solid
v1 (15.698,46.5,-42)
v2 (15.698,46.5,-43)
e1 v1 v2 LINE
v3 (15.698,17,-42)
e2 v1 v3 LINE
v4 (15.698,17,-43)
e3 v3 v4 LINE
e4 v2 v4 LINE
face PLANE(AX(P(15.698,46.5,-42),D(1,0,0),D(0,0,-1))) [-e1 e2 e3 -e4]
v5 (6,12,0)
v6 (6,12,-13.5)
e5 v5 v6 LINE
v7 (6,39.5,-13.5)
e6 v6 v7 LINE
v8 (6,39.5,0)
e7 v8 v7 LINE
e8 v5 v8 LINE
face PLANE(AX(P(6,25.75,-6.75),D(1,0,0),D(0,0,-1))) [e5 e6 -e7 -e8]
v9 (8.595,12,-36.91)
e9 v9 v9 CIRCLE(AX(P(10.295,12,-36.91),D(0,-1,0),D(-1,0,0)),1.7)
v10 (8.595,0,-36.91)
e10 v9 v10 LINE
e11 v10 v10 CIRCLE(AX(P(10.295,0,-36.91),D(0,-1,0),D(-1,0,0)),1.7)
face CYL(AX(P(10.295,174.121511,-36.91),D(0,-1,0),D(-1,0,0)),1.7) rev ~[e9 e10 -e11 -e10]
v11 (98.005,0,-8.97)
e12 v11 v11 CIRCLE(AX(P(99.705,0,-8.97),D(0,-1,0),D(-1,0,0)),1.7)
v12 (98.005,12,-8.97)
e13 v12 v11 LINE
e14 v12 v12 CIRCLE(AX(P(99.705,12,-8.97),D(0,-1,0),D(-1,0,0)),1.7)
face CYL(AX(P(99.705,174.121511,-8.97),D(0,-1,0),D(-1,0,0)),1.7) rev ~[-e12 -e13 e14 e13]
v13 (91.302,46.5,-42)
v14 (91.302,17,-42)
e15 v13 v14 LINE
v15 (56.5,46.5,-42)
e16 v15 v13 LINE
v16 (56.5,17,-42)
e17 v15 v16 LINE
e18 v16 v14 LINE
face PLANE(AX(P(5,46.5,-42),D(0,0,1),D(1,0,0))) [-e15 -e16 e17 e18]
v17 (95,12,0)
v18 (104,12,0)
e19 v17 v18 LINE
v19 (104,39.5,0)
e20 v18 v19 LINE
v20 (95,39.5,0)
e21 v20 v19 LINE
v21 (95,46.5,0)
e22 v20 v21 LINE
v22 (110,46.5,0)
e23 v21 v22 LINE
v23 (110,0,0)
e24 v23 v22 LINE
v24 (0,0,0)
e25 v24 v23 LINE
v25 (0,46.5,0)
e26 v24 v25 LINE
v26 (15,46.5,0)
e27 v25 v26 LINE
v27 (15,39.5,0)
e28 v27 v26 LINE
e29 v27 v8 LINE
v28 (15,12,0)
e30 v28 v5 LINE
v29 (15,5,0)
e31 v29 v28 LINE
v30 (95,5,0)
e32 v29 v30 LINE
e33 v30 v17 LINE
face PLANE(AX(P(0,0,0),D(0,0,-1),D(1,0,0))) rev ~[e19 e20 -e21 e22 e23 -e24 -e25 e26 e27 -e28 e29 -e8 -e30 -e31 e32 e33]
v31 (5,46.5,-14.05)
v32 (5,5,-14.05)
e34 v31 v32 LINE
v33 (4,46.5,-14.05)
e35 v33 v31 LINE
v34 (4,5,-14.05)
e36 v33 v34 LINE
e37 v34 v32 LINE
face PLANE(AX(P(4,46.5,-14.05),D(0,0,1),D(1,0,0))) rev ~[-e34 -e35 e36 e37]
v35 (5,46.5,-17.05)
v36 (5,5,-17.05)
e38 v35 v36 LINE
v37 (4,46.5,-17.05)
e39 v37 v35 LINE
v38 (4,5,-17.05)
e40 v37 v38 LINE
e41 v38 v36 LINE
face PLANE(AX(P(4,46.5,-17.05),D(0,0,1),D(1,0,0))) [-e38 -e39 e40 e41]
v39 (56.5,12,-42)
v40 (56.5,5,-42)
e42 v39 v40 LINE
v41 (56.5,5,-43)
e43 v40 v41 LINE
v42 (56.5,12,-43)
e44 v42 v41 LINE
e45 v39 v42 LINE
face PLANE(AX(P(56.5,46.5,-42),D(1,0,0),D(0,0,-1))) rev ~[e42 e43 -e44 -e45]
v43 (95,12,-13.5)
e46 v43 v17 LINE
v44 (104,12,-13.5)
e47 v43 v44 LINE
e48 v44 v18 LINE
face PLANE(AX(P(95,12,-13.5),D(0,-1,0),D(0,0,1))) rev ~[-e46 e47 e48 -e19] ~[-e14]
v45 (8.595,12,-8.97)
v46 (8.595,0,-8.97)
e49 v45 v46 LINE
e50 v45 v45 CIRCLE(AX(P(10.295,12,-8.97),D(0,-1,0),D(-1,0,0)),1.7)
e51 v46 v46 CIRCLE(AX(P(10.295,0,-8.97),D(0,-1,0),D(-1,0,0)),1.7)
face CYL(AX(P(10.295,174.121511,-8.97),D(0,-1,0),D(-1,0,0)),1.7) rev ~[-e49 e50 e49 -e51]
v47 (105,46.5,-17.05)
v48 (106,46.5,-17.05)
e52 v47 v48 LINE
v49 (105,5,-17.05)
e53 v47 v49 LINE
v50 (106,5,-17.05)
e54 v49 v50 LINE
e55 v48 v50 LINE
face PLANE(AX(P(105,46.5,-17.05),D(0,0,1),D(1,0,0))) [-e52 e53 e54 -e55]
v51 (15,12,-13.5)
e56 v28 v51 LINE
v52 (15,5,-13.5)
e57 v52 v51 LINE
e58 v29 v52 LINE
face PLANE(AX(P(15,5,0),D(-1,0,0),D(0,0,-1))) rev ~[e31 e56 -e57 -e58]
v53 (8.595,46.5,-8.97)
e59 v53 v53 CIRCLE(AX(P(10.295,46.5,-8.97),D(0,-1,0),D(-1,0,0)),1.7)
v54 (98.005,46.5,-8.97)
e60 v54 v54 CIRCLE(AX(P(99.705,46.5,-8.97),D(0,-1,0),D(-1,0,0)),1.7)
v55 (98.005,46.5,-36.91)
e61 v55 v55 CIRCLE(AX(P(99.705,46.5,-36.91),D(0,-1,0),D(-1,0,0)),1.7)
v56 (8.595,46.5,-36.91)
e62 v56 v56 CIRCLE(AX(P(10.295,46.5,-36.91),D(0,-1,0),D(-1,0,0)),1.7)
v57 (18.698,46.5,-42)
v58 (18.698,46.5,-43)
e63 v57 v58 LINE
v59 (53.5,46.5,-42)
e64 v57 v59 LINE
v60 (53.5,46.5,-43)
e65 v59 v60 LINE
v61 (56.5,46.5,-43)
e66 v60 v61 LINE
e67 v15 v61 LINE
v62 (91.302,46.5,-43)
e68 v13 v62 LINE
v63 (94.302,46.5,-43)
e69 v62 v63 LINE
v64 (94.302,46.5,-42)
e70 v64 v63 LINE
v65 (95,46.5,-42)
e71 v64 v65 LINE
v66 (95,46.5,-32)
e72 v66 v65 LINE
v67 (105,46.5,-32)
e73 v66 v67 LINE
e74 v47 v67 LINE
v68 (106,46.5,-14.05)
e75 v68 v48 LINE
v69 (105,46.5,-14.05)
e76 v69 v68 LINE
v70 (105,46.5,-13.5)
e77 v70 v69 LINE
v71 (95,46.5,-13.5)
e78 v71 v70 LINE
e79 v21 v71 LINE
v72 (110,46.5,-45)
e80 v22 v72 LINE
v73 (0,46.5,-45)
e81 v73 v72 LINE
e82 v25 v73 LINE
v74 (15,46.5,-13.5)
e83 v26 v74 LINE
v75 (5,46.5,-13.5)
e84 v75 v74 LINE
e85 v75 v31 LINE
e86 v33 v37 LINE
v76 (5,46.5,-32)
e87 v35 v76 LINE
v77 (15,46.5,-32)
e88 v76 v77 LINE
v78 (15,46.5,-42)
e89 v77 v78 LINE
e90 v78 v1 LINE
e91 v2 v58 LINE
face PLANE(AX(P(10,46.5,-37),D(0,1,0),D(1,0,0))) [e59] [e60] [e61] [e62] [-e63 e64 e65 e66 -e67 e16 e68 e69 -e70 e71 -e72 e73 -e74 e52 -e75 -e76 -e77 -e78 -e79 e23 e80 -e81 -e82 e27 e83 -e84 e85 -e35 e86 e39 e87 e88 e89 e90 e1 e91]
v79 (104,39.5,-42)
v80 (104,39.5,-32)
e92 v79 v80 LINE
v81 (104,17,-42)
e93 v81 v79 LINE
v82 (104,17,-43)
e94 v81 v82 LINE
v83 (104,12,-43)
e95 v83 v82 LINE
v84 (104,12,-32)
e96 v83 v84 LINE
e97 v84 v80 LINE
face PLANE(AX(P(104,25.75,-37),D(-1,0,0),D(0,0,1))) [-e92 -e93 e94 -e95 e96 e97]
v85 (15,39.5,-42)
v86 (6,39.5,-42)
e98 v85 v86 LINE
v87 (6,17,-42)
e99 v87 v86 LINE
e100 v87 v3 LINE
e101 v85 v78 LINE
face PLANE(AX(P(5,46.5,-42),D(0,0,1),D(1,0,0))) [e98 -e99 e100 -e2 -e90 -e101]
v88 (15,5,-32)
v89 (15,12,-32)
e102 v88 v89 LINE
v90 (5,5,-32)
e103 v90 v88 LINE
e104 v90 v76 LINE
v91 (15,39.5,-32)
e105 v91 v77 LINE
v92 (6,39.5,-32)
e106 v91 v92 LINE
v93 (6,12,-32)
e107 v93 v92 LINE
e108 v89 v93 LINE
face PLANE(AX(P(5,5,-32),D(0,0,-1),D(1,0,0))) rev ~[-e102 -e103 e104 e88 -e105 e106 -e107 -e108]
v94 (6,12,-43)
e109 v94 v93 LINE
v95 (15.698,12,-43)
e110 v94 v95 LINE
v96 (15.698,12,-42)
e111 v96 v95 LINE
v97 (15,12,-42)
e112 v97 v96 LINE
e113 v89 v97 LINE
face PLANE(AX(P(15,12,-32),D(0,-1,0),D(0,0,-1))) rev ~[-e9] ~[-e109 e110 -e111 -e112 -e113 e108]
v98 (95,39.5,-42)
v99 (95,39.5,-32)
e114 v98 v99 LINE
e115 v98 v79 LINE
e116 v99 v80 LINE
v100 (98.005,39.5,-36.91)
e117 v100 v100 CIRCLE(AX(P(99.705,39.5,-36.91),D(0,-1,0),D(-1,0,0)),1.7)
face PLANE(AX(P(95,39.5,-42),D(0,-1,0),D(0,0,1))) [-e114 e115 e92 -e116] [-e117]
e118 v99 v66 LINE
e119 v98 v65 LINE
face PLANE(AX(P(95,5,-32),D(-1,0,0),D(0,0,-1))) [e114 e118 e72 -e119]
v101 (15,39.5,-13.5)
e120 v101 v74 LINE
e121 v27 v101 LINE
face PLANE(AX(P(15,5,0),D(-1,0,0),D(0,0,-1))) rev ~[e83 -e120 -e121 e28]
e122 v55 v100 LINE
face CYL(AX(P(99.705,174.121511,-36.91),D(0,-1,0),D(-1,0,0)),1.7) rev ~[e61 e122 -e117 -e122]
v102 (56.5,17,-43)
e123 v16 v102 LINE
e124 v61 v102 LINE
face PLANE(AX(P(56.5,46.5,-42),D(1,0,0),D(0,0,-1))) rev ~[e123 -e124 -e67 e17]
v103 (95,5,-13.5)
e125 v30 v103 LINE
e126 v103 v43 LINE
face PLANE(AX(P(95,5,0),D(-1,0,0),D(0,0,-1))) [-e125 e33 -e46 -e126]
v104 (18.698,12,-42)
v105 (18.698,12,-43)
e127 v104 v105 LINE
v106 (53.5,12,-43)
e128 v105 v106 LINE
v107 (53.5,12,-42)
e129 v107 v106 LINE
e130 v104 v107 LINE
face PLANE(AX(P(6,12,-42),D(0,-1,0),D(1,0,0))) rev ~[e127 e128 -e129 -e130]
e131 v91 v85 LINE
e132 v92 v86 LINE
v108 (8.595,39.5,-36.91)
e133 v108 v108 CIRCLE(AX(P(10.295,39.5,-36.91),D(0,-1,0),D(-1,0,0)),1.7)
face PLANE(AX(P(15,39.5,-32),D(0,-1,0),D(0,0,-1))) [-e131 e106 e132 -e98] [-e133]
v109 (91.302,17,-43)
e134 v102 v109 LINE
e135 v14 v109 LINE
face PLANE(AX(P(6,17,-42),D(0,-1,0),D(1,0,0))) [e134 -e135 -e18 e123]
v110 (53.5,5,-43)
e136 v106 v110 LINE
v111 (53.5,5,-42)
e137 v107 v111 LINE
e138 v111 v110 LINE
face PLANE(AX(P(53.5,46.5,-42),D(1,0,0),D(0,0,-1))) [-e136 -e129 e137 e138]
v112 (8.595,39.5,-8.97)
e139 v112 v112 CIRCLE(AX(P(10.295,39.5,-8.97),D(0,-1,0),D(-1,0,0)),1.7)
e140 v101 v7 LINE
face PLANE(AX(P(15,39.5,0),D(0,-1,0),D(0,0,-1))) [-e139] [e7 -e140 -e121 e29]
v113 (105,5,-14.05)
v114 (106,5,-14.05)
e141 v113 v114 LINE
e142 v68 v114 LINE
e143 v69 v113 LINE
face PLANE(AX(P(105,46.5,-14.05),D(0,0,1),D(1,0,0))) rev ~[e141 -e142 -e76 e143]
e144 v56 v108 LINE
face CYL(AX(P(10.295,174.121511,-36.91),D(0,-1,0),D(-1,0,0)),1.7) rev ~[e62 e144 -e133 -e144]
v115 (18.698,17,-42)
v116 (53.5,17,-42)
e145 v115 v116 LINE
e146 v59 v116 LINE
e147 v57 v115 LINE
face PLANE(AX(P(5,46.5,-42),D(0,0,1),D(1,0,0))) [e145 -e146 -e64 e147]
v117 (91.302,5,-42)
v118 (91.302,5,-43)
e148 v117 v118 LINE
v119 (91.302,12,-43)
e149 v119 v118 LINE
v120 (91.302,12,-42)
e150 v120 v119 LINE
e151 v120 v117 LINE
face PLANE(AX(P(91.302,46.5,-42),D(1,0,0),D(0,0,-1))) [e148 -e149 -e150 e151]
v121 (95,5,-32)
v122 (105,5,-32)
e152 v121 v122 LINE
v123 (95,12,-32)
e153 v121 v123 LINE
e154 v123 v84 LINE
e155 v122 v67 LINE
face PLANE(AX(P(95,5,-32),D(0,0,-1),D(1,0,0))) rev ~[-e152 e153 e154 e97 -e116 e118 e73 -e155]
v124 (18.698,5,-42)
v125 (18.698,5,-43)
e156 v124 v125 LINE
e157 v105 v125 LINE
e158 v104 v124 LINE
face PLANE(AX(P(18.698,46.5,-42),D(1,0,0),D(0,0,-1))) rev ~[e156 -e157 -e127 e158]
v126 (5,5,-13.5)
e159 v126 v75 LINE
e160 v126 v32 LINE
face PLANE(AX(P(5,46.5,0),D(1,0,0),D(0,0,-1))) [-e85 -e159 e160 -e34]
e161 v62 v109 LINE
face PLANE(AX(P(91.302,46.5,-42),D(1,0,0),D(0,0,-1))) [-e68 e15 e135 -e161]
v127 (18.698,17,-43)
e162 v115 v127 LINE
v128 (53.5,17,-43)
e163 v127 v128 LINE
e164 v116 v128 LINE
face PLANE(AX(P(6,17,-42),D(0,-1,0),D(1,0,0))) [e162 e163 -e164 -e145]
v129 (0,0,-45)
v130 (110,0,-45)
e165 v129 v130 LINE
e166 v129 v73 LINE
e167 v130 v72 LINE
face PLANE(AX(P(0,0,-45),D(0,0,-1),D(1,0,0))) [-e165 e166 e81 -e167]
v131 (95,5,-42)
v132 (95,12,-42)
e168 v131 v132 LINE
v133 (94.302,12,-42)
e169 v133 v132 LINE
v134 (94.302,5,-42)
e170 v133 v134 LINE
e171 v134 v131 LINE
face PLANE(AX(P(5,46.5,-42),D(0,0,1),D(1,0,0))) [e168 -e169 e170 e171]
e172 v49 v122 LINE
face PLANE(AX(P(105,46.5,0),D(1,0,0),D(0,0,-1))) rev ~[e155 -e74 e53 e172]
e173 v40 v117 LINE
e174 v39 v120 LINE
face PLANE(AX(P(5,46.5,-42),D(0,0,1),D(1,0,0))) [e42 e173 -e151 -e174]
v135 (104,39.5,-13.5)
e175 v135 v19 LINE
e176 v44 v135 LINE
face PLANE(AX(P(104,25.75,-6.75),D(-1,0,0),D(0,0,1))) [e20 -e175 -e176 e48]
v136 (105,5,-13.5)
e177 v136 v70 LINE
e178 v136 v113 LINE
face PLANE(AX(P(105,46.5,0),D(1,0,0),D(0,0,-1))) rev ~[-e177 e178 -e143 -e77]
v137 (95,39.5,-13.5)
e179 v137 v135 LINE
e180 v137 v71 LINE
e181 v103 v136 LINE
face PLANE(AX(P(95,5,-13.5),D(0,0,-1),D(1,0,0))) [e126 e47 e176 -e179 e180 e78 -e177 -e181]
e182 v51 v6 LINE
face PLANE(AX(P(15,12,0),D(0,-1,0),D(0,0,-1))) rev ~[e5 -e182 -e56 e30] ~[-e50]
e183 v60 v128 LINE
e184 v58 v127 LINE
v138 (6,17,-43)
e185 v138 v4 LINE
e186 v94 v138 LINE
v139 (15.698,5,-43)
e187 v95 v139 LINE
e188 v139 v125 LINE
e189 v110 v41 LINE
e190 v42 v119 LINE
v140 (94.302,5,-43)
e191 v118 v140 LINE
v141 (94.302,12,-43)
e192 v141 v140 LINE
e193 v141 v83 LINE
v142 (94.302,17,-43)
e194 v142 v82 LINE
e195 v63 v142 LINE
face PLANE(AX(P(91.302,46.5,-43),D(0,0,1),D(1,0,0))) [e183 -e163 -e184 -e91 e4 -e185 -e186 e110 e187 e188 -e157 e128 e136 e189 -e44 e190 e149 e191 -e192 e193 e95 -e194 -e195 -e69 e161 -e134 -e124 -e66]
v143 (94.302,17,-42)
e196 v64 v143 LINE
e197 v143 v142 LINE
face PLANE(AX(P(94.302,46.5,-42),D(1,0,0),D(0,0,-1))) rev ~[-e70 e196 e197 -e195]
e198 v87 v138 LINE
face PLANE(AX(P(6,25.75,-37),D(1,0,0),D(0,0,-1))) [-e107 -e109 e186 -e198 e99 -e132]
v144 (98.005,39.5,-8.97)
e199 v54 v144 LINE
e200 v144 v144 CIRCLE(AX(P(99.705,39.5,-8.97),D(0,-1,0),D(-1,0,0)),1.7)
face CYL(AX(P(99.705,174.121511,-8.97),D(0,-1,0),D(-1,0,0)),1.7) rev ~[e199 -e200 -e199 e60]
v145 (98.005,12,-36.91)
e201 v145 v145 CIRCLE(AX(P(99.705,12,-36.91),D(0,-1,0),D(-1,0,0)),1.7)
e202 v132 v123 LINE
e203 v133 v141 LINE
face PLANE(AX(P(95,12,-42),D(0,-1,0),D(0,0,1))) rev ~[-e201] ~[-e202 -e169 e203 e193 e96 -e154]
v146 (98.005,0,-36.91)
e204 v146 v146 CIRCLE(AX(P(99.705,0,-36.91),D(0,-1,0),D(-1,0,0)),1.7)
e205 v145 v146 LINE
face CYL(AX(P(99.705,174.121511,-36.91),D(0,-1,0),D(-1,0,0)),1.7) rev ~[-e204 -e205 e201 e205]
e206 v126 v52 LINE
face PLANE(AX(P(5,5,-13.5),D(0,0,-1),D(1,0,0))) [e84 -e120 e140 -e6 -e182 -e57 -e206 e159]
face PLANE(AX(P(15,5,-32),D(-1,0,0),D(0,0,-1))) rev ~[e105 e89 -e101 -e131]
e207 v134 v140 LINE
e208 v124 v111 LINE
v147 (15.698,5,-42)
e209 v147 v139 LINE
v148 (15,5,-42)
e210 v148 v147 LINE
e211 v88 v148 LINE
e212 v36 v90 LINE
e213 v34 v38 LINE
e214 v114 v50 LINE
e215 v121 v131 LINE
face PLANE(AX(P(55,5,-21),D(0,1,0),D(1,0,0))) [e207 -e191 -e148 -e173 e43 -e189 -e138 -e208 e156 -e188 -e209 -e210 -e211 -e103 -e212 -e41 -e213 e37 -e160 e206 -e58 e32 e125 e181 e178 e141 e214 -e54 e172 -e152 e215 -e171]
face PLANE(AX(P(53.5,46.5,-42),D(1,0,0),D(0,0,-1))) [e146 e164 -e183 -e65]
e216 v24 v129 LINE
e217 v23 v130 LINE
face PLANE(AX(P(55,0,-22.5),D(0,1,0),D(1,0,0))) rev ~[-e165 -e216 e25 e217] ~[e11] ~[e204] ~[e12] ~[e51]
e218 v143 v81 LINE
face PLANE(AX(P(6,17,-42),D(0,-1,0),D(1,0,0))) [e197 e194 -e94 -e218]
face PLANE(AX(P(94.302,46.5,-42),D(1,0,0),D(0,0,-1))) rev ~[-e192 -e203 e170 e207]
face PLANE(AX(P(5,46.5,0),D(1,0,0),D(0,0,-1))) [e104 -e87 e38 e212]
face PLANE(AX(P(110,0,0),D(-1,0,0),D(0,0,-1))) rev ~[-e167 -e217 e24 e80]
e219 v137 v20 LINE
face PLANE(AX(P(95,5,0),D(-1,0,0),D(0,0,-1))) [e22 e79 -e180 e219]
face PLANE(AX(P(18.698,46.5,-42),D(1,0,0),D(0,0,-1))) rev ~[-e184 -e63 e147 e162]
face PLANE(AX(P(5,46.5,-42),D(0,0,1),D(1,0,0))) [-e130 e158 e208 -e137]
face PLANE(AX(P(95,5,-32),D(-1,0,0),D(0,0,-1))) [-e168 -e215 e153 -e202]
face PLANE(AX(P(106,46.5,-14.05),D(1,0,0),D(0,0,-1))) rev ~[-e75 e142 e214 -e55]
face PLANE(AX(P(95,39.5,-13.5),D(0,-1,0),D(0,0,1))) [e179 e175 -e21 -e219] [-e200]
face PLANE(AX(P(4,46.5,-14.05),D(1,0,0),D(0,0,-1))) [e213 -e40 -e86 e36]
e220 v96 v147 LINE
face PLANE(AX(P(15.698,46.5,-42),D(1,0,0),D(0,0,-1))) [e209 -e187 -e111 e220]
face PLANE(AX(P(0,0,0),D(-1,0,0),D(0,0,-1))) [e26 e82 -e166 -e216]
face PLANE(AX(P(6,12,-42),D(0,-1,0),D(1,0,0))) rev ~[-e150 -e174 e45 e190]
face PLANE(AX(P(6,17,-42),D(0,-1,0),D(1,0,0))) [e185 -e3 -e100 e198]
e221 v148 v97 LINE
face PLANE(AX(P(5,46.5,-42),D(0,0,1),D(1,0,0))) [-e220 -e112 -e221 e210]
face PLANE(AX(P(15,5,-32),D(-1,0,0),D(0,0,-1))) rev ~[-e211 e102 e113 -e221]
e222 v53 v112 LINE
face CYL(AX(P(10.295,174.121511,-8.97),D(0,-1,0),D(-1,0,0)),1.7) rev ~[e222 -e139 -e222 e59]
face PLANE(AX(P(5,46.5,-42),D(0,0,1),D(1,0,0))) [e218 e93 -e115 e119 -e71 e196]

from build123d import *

# Parameters (mm, degrees)
SKETCH1_W            = 110
SKETCH1_H            = 45
BOSS_EXTRUDE1_DEPTH  = 46.5
SKETCH2_W            = 100
SKETCH2_H            = 42
CUT_EXTRUDE1_DEPTH   = 41.5
SKETCH24_W           = 3
SKETCH24_H           = 1
CUT_EXTRUDE10_DEPTH  = 41.5
SKETCH26_W           = 10
SKETCH26_H           = 10
SKETCH26_H_2         = 13.5
BOSS_EXTRUDE2_DEPTH  = 41.5
M3_CLEARANCE_HOLE5_D = 3.4
SKETCH29_W           = 10
SKETCH29_H           = 27.5
SKETCH29_W_2         = 13.5
CUT_EXTRUDE11_DEPTH  = 9
SKETCH30_W           = 10
SKETCH30_H           = 27.5
SKETCH30_W_2         = 13.5
CUT_EXTRUDE12_DEPTH  = 9
SKETCH32_W           = 3
SKETCH32_H           = 1
CUT_EXTRUDE14_DEPTH  = 41.5
SKETCH33_W           = 1
SKETCH33_H           = 3
CUT_EXTRUDE15_DEPTH  = 41.5
SKETCH34_W           = 98
SKETCH34_H           = 5
CUT_EXTRUDE16_DEPTH  = 1


with BuildPart() as part:
    # Sketch1 → Boss-Extrude1 (new body)
    with BuildSketch(Plane(origin=(0, 0, 0), x_dir=(1, 0, 0), z_dir=(0, 1, 0))):
        with Locations((55, 22.5)):
            Rectangle(SKETCH1_W, SKETCH1_H)
    extrude(amount=BOSS_EXTRUDE1_DEPTH)

    # Sketch2 → Cut-Extrude1 (cut)
    with BuildSketch(Plane(origin=(0, 46.5, 0), x_dir=(1, 0, 0), z_dir=(0, 1, 0))):
        with Locations((55, 21)):
            Rectangle(SKETCH2_W, SKETCH2_H)
    extrude(amount=-CUT_EXTRUDE1_DEPTH, mode=Mode.SUBTRACT)

    # Sketch24 → Cut-Extrude10 (cut)
    with BuildSketch(Plane(origin=(0, 46.5, 0), x_dir=(1, 0, 0), z_dir=(0, 1, 0))):
        with Locations((55, 42.5)):
            Rectangle(SKETCH24_W, SKETCH24_H)
    extrude(amount=-CUT_EXTRUDE10_DEPTH, mode=Mode.SUBTRACT)

    # Sketch26 → Boss-Extrude2 (add)
    with BuildSketch(Plane(origin=(0, 5, 0), x_dir=(1, 0, 0), z_dir=(0, 1, 0))):
        with Locations((10, 37)):
            Rectangle(SKETCH26_W, SKETCH26_H)
        with Locations((10, 6.75)):
            Rectangle(SKETCH26_W, SKETCH26_H_2)
        with Locations((100, 37)):
            Rectangle(SKETCH26_W, SKETCH26_H)
        with Locations((100, 6.75)):
            Rectangle(SKETCH26_W, SKETCH26_H_2)
    extrude(amount=BOSS_EXTRUDE2_DEPTH)

    # M3 Clearance Hole5 (through all)
    with Locations(Plane(origin=(0, 46.5, 0), x_dir=(1, 0, 0), z_dir=(0, 1, 0))):
        with Locations((10.295, 36.91), (99.705, 36.91), (99.705, 8.97), (10.295, 8.97)):
            Hole(M3_CLEARANCE_HOLE5_D / 2)

    # Sketch29 → Cut-Extrude11 (cut)
    with BuildSketch(Plane(origin=(15, 0, 0), x_dir=(0, 0, -1), z_dir=(1, 0, 0))):
        with Locations((37, 25.75)):
            Rectangle(SKETCH29_W, SKETCH29_H)
        with Locations((6.75, 25.75)):
            Rectangle(SKETCH29_W_2, SKETCH29_H)
    extrude(amount=-CUT_EXTRUDE11_DEPTH, mode=Mode.SUBTRACT)

    # Sketch30 → Cut-Extrude12 (cut)
    with BuildSketch(Plane.ZY.offset(-95)):
        with Locations((-37, 25.75)):
            Rectangle(SKETCH30_W, SKETCH30_H)
        with Locations((-6.75, 25.75)):
            Rectangle(SKETCH30_W_2, SKETCH30_H)
    extrude(amount=-CUT_EXTRUDE12_DEPTH, mode=Mode.SUBTRACT)

    # Sketch32 → Cut-Extrude14 (cut)
    with BuildSketch(Plane(origin=(0, 46.5, 0), x_dir=(1, 0, 0), z_dir=(0, 1, 0))):
        with Locations((17.198, 42.5)):
            Rectangle(SKETCH32_W, SKETCH32_H)
        with Locations((92.802, 42.5)):
            Rectangle(SKETCH32_W, SKETCH32_H)
    extrude(amount=-CUT_EXTRUDE14_DEPTH, mode=Mode.SUBTRACT)

    # Sketch33 → Cut-Extrude15 (cut)
    with BuildSketch(Plane(origin=(0, 46.5, 0), x_dir=(1, 0, 0), z_dir=(0, 1, 0))):
        with Locations((4.5, 15.55)):
            Rectangle(SKETCH33_W, SKETCH33_H)
        with Locations((105.5, 15.55)):
            Rectangle(SKETCH33_W, SKETCH33_H)
    extrude(amount=-CUT_EXTRUDE15_DEPTH, mode=Mode.SUBTRACT)

    # Sketch34 → Cut-Extrude16 (cut)
    with BuildSketch(Plane.XY.offset(-42)):
        with Locations((55, 14.5)):
            Rectangle(SKETCH34_W, SKETCH34_H)
    extrude(amount=-CUT_EXTRUDE16_DEPTH, mode=Mode.SUBTRACT)


solid = part.part
